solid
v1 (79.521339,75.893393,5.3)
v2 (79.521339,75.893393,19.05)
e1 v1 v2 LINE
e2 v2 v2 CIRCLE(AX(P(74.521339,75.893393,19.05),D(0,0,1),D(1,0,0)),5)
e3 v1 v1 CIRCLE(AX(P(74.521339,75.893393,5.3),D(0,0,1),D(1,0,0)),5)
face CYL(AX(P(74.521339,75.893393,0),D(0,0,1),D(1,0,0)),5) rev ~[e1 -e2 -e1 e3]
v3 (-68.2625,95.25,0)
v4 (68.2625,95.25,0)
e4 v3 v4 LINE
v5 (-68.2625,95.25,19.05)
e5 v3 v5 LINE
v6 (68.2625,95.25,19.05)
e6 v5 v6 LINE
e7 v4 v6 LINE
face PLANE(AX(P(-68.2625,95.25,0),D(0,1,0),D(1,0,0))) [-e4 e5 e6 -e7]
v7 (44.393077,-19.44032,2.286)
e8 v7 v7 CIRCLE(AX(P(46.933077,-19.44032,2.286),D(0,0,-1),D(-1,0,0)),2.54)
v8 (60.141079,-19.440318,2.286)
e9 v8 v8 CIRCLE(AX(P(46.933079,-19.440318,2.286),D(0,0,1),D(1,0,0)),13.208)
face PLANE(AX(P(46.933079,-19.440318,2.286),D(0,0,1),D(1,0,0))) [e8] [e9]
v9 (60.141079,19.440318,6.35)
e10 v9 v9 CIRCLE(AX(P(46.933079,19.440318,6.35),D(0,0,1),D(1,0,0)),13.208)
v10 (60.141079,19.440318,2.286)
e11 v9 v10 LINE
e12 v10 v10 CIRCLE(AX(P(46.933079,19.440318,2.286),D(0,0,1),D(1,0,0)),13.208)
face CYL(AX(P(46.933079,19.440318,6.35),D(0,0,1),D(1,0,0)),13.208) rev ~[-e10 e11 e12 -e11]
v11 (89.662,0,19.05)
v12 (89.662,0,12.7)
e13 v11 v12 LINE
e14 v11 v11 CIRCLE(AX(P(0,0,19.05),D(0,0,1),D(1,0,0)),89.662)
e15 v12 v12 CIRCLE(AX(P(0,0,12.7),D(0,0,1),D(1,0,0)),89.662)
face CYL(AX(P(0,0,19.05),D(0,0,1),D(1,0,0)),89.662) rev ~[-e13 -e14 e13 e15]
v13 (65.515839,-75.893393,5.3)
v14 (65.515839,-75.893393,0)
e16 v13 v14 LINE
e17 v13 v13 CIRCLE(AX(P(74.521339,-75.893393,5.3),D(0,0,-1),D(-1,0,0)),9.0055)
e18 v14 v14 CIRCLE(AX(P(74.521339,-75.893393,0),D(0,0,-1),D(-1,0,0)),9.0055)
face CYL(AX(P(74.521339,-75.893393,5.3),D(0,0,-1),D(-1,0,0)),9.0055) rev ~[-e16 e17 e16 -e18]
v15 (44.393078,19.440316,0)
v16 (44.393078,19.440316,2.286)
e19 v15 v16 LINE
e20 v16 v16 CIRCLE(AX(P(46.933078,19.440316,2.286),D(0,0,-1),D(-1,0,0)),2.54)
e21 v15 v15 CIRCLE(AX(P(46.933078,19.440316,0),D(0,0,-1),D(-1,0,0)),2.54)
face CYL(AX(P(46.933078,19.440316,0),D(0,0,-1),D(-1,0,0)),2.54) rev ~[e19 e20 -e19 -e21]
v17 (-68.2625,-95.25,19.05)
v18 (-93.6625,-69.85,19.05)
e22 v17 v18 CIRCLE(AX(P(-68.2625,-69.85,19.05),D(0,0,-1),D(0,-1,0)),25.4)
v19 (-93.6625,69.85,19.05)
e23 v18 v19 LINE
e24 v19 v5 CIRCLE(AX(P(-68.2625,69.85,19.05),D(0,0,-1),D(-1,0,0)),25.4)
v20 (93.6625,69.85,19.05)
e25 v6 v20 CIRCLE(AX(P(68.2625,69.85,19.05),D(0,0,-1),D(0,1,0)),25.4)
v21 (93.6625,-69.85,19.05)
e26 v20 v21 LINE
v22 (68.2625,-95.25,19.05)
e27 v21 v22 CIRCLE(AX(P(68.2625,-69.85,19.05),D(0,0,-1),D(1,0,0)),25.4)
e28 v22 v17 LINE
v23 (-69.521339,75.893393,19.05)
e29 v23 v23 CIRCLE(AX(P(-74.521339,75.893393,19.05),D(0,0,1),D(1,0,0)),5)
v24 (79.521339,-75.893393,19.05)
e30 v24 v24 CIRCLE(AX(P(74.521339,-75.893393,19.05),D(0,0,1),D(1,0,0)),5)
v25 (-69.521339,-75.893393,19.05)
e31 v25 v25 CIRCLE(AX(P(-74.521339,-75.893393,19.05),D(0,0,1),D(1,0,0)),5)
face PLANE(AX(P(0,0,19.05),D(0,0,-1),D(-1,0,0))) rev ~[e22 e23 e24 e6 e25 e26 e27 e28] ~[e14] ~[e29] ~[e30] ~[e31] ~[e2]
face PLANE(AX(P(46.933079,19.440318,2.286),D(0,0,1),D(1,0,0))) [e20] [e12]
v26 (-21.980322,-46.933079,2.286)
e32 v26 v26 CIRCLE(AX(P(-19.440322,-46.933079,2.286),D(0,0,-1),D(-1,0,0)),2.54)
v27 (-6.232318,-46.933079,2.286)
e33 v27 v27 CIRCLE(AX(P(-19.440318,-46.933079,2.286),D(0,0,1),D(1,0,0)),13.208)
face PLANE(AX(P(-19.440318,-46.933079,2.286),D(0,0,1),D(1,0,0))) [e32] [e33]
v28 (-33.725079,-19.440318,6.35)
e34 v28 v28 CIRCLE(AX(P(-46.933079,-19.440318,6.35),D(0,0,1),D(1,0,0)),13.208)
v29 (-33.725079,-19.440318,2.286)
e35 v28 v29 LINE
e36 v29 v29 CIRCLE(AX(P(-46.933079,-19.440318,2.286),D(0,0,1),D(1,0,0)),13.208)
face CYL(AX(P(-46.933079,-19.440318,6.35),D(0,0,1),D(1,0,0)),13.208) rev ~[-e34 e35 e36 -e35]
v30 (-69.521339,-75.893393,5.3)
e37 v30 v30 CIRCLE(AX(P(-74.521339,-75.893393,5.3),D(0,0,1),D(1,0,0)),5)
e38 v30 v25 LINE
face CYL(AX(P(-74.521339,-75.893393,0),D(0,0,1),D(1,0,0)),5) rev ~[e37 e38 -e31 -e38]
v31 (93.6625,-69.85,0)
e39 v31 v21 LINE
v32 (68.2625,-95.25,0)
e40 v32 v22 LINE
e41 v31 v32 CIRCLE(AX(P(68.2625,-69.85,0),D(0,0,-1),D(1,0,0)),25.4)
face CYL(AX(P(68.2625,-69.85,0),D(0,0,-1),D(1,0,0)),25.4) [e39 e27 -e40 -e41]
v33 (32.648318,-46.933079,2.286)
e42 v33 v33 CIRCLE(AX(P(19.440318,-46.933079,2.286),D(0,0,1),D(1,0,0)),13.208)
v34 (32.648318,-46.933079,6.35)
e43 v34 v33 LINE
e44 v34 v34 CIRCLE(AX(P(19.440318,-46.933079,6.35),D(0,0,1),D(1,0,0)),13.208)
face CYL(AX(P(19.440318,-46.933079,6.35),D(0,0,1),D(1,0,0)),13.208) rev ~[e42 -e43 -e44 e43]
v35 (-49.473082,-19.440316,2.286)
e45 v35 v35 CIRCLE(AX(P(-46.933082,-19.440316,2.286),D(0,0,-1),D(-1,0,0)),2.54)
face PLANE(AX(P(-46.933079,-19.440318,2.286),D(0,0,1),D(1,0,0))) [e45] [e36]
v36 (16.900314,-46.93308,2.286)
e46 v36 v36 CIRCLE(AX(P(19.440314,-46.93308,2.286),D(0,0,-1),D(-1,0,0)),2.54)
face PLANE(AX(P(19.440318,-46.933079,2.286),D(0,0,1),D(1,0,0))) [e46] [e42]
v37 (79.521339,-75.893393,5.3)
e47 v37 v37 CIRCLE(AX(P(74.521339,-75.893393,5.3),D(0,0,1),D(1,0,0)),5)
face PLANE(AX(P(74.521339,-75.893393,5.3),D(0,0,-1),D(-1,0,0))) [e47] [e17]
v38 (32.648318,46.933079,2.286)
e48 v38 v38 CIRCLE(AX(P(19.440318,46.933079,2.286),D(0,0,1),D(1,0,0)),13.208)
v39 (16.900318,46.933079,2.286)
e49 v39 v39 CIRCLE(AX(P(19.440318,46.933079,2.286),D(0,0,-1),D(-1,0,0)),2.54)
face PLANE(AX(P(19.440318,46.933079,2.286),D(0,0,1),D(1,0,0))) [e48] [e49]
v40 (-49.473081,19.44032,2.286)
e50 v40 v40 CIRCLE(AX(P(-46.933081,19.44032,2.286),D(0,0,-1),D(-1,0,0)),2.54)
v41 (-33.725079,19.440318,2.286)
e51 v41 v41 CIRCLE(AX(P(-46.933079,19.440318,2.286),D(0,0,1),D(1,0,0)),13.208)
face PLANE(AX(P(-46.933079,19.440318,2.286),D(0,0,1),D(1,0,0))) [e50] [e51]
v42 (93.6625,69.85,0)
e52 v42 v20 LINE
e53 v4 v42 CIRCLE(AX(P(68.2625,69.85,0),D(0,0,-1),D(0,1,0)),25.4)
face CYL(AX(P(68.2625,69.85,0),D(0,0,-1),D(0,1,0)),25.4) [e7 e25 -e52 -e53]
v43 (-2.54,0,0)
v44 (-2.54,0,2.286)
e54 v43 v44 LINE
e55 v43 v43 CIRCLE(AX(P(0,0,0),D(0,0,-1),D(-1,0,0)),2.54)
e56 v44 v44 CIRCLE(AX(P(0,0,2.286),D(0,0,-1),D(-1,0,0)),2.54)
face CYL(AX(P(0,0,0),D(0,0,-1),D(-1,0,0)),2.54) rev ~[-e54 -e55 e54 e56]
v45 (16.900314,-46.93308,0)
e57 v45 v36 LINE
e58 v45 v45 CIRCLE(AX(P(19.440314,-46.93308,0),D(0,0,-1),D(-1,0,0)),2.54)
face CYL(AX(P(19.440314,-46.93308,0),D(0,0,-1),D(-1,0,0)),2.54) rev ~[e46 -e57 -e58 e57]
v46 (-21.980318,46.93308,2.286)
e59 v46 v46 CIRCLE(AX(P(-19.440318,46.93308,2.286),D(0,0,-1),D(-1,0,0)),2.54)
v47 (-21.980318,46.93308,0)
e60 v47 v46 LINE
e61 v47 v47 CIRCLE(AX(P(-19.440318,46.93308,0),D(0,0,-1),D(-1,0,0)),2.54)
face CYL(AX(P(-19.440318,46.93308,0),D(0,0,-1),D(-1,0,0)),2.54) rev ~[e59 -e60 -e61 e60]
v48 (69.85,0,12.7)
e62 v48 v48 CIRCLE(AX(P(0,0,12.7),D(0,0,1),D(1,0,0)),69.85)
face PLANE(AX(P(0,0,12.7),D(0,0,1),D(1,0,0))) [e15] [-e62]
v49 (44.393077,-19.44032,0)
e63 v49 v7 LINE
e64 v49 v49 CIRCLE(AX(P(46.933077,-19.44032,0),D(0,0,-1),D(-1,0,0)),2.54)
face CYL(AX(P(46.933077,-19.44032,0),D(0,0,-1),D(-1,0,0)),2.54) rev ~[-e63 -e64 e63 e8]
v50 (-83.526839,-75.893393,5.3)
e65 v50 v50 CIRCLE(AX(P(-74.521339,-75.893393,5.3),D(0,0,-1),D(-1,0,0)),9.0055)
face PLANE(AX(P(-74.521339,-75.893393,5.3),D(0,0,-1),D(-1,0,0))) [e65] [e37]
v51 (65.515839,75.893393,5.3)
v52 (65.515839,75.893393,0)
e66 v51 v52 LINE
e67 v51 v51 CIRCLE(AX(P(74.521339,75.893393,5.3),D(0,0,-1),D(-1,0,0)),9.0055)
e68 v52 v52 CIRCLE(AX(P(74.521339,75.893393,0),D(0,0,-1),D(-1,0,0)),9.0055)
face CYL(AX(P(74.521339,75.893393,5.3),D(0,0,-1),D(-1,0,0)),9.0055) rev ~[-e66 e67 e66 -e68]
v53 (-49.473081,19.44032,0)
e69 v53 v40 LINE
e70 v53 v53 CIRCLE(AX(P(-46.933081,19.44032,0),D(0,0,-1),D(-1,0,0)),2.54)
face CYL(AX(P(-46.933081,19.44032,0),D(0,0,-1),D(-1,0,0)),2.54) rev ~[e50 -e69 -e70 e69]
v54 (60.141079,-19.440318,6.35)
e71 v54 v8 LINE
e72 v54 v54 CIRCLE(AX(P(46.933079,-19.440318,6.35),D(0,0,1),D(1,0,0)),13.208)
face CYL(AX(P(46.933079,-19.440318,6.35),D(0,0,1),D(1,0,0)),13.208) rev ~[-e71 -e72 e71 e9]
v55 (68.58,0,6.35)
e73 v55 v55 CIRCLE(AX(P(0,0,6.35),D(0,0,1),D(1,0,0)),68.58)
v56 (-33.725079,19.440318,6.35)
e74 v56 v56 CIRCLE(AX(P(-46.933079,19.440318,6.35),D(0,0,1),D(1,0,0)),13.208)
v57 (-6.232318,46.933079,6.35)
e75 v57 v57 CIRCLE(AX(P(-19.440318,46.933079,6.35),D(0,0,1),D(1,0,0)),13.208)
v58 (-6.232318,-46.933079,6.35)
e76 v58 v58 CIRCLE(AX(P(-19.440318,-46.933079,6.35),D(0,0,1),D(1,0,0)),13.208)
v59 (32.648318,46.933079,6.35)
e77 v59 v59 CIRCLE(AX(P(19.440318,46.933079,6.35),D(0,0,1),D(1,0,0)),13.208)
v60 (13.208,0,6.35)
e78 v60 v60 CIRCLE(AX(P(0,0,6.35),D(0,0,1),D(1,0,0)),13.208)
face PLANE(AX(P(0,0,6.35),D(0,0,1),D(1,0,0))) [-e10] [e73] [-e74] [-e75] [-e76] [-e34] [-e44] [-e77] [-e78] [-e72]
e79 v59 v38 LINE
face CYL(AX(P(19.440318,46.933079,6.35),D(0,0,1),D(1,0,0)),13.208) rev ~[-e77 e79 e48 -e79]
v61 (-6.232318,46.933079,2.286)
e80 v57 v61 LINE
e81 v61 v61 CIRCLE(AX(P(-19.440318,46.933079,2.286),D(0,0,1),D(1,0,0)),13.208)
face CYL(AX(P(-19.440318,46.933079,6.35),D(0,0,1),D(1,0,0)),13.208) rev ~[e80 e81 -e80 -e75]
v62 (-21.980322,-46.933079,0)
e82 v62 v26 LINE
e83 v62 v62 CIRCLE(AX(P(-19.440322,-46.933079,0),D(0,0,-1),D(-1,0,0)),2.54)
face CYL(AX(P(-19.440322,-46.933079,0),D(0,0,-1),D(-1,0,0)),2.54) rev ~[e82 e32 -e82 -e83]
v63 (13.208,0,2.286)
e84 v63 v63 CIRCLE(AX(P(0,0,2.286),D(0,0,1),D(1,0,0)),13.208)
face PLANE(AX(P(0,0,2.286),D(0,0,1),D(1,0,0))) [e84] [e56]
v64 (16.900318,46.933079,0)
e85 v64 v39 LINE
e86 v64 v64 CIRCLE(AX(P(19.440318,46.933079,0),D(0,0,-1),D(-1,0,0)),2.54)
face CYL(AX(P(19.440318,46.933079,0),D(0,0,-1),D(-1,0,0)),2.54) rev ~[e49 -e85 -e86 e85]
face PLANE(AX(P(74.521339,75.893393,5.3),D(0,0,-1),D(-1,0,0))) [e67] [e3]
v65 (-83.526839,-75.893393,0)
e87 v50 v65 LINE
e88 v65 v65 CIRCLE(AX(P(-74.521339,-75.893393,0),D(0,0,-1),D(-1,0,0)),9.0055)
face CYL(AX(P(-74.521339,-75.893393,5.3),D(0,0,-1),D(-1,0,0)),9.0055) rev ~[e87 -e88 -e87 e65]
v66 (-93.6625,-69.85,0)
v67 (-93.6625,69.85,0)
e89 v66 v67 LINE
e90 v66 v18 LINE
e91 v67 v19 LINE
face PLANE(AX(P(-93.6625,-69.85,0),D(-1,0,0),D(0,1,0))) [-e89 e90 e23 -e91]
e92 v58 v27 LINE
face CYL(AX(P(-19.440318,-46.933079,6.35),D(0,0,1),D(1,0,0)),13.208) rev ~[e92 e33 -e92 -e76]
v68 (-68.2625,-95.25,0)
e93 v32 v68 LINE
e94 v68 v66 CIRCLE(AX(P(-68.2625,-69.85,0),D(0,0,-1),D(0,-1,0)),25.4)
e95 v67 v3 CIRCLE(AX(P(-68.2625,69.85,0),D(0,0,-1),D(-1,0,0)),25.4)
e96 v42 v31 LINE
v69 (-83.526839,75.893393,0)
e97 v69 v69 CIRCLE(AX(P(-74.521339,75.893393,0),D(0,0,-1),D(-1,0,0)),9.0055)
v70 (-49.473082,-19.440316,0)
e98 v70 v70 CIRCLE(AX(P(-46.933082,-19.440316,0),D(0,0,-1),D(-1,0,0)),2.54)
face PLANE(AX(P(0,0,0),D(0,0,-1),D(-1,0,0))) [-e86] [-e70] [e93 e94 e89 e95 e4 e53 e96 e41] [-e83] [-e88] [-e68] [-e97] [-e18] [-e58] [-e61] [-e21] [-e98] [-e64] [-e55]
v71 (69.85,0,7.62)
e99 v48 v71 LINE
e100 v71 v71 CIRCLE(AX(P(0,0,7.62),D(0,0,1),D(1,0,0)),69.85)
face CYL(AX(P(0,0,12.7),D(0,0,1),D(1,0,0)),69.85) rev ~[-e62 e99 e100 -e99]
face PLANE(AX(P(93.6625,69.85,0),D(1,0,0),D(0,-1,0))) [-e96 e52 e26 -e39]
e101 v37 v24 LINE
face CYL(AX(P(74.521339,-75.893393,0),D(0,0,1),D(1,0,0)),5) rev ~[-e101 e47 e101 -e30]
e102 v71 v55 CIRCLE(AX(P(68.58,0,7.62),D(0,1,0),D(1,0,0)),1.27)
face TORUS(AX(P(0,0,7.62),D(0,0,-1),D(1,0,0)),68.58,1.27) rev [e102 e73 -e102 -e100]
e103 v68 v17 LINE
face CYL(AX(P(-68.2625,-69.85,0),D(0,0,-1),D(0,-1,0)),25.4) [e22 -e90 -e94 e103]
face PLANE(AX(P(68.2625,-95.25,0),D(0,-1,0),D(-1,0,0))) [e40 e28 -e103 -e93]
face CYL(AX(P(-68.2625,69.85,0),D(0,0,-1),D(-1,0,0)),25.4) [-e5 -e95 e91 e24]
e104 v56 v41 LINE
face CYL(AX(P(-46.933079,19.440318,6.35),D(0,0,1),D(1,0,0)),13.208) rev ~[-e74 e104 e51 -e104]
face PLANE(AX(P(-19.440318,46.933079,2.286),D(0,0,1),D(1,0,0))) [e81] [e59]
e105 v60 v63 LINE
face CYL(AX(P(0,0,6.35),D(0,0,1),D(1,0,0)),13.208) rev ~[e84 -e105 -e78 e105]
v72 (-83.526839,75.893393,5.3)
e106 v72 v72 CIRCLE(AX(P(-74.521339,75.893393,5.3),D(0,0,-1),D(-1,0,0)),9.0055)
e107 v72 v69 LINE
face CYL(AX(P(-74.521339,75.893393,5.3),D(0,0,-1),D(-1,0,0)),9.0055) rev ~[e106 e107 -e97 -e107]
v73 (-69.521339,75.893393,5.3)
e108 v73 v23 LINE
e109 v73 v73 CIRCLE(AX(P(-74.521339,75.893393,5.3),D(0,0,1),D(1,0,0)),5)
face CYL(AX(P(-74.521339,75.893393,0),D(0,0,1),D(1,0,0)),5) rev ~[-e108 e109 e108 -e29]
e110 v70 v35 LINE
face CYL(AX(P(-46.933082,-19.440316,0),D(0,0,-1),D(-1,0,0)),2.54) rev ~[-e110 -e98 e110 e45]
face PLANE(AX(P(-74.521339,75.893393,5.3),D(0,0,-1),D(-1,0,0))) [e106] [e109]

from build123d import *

# Parameters (mm, degrees)
BOSS_EXTRUDE1_DEPTH                     = 19.05
INSET_START                             = 19.05
SKETCH4_R                               = 89.662
INSET_RIM_DEPTH                         = 6.35
CUT_EXTRUDE1_START                      = 12.7
SKETCH9_R                               = 69.85
CUT_EXTRUDE1_DEPTH                      = 6.35
FILLET2_R                               = 1.27
CBORE_FOR_M8_HEX_HEAD_BOLT1_D           = 10
CBORE_FOR_M8_HEX_HEAD_BOLT1_CBORE_D     = 18.011
CBORE_FOR_M8_HEX_HEAD_BOLT1_CBORE_DEPTH = 5.3
SKETCH12_R                              = 2.54
CUT_EXTRUDE2_DEPTH                      = 6.35
SKETCH13_R                              = 13.208
SKETCH13_R_2                            = 2.54
CUT_EXTRUDE3_DEPTH                      = 4.064


with BuildPart() as part:
    # Sketch1 → Boss-Extrude1 (new body)
    with BuildSketch(Plane.XY):
        with BuildLine():
            Line((93.6625, 69.85), (93.6625, -69.85))
            ThreePointArc((93.6625, -69.85), (86.223012242, -87.810512242), (68.2625, -95.25))
            Line((68.2625, -95.25), (-68.2625, -95.25))
            ThreePointArc((-68.2625, -95.25), (-86.223012242, -87.810512242), (-93.6625, -69.85))
            Line((-93.6625, -69.85), (-93.6625, 69.85))
            ThreePointArc((-93.6625, 69.85), (-86.223012242, 87.810512242), (-68.2625, 95.25))
            Line((-68.2625, 95.25), (68.2625, 95.25))
            ThreePointArc((68.2625, 95.25), (86.223012242, 87.810512242), (93.6625, 69.85))
        make_face()
    extrude(amount=BOSS_EXTRUDE1_DEPTH)

    # Sketch4 → Inset Rim (cut)
    with BuildSketch(Plane.XY.offset(INSET_START)):
        Circle(SKETCH4_R)
    extrude(amount=-INSET_RIM_DEPTH, mode=Mode.SUBTRACT)

    # Sketch9 → Cut-Extrude1 (cut)
    with BuildSketch(Plane.XY.offset(CUT_EXTRUDE1_START)):
        Circle(SKETCH9_R)
    extrude(amount=-CUT_EXTRUDE1_DEPTH, mode=Mode.SUBTRACT)

    # Fillet2
    fillet2_edges = [part.edges().sort_by_distance(p)[0] for p in [
        (-69.85, 0, 6.35),
    ]]
    fillet(fillet2_edges, radius=FILLET2_R)

    # CBORE for M8 Hex Head Bolt1 (through all)
    with Locations(Plane(origin=(0, 0, 0), x_dir=(-1, 0, 0), z_dir=(0, 0, -1))):
        with Locations((-74.521339476, -75.893393448), (-74.521339476, 75.893393448), (74.521339476, 75.893393448), (74.521339476, -75.893393448)):
            CounterBoreHole(CBORE_FOR_M8_HEX_HEAD_BOLT1_D / 2, CBORE_FOR_M8_HEX_HEAD_BOLT1_CBORE_D / 2, CBORE_FOR_M8_HEX_HEAD_BOLT1_CBORE_DEPTH)

    # Sketch12 → Cut-Extrude2 (cut)
    with BuildSketch(Plane(origin=(0, 0, 0), x_dir=(-1, 0, 0), z_dir=(0, 0, -1))):
        Circle(SKETCH12_R)
        with Locations((19.440318364, 46.933080252)):
            Circle(SKETCH12_R)
        with Locations((46.933080827, 19.440319753)):
            Circle(SKETCH12_R)
        with Locations((46.933082215, -19.440316401)):
            Circle(SKETCH12_R)
        with Locations((19.440321716, -46.933078863)):
            Circle(SKETCH12_R)
        with Locations((-19.440314437, -46.933080252)):
            Circle(SKETCH12_R)
        with Locations((-46.9330769, -19.440319753)):
            Circle(SKETCH12_R)
        with Locations((-46.933078288, 19.440316401)):
            Circle(SKETCH12_R)
        with Locations((-19.440317789, 46.933078863)):
            Circle(SKETCH12_R)
    extrude(amount=-CUT_EXTRUDE2_DEPTH, mode=Mode.SUBTRACT)

    # Sketch13 → Cut-Extrude3 (cut)
    with BuildSketch(Plane.XY.offset(6.35)):
        with Locations((46.933078863, 19.440317789)):
            Circle(SKETCH13_R)
        with Locations((46.933078288, 19.440316401)):
            Circle(SKETCH13_R_2, mode=Mode.SUBTRACT)
        with Locations((19.440317789, 46.933078863)):
            Circle(SKETCH13_R)
        with Locations((19.440317789, 46.933078863)):
            Circle(SKETCH13_R_2, mode=Mode.SUBTRACT)
        with Locations((46.933078863, -19.440317789)):
            Circle(SKETCH13_R)
        with Locations((46.9330769, -19.440319753)):
            Circle(SKETCH13_R_2, mode=Mode.SUBTRACT)
        with Locations((19.440317789, -46.933078863)):
            Circle(SKETCH13_R)
        with Locations((19.440314437, -46.933080252)):
            Circle(SKETCH13_R_2, mode=Mode.SUBTRACT)
        Circle(SKETCH13_R)
        Circle(SKETCH13_R_2, mode=Mode.SUBTRACT)
        with Locations((-19.440317789, -46.933078863)):
            Circle(SKETCH13_R)
        with Locations((-19.440321716, -46.933078863)):
            Circle(SKETCH13_R_2, mode=Mode.SUBTRACT)
        with Locations((-46.933078863, -19.440317789)):
            Circle(SKETCH13_R)
        with Locations((-46.933082215, -19.440316401)):
            Circle(SKETCH13_R_2, mode=Mode.SUBTRACT)
        with Locations((-46.933078863, 19.440317789)):
            Circle(SKETCH13_R)
        with Locations((-46.933080827, 19.440319753)):
            Circle(SKETCH13_R_2, mode=Mode.SUBTRACT)
        with Locations((-19.440317789, 46.933078863)):
            Circle(SKETCH13_R)
        with Locations((-19.440318364, 46.933080252)):
            Circle(SKETCH13_R_2, mode=Mode.SUBTRACT)
    extrude(amount=-CUT_EXTRUDE3_DEPTH, mode=Mode.SUBTRACT)


solid = part.part
